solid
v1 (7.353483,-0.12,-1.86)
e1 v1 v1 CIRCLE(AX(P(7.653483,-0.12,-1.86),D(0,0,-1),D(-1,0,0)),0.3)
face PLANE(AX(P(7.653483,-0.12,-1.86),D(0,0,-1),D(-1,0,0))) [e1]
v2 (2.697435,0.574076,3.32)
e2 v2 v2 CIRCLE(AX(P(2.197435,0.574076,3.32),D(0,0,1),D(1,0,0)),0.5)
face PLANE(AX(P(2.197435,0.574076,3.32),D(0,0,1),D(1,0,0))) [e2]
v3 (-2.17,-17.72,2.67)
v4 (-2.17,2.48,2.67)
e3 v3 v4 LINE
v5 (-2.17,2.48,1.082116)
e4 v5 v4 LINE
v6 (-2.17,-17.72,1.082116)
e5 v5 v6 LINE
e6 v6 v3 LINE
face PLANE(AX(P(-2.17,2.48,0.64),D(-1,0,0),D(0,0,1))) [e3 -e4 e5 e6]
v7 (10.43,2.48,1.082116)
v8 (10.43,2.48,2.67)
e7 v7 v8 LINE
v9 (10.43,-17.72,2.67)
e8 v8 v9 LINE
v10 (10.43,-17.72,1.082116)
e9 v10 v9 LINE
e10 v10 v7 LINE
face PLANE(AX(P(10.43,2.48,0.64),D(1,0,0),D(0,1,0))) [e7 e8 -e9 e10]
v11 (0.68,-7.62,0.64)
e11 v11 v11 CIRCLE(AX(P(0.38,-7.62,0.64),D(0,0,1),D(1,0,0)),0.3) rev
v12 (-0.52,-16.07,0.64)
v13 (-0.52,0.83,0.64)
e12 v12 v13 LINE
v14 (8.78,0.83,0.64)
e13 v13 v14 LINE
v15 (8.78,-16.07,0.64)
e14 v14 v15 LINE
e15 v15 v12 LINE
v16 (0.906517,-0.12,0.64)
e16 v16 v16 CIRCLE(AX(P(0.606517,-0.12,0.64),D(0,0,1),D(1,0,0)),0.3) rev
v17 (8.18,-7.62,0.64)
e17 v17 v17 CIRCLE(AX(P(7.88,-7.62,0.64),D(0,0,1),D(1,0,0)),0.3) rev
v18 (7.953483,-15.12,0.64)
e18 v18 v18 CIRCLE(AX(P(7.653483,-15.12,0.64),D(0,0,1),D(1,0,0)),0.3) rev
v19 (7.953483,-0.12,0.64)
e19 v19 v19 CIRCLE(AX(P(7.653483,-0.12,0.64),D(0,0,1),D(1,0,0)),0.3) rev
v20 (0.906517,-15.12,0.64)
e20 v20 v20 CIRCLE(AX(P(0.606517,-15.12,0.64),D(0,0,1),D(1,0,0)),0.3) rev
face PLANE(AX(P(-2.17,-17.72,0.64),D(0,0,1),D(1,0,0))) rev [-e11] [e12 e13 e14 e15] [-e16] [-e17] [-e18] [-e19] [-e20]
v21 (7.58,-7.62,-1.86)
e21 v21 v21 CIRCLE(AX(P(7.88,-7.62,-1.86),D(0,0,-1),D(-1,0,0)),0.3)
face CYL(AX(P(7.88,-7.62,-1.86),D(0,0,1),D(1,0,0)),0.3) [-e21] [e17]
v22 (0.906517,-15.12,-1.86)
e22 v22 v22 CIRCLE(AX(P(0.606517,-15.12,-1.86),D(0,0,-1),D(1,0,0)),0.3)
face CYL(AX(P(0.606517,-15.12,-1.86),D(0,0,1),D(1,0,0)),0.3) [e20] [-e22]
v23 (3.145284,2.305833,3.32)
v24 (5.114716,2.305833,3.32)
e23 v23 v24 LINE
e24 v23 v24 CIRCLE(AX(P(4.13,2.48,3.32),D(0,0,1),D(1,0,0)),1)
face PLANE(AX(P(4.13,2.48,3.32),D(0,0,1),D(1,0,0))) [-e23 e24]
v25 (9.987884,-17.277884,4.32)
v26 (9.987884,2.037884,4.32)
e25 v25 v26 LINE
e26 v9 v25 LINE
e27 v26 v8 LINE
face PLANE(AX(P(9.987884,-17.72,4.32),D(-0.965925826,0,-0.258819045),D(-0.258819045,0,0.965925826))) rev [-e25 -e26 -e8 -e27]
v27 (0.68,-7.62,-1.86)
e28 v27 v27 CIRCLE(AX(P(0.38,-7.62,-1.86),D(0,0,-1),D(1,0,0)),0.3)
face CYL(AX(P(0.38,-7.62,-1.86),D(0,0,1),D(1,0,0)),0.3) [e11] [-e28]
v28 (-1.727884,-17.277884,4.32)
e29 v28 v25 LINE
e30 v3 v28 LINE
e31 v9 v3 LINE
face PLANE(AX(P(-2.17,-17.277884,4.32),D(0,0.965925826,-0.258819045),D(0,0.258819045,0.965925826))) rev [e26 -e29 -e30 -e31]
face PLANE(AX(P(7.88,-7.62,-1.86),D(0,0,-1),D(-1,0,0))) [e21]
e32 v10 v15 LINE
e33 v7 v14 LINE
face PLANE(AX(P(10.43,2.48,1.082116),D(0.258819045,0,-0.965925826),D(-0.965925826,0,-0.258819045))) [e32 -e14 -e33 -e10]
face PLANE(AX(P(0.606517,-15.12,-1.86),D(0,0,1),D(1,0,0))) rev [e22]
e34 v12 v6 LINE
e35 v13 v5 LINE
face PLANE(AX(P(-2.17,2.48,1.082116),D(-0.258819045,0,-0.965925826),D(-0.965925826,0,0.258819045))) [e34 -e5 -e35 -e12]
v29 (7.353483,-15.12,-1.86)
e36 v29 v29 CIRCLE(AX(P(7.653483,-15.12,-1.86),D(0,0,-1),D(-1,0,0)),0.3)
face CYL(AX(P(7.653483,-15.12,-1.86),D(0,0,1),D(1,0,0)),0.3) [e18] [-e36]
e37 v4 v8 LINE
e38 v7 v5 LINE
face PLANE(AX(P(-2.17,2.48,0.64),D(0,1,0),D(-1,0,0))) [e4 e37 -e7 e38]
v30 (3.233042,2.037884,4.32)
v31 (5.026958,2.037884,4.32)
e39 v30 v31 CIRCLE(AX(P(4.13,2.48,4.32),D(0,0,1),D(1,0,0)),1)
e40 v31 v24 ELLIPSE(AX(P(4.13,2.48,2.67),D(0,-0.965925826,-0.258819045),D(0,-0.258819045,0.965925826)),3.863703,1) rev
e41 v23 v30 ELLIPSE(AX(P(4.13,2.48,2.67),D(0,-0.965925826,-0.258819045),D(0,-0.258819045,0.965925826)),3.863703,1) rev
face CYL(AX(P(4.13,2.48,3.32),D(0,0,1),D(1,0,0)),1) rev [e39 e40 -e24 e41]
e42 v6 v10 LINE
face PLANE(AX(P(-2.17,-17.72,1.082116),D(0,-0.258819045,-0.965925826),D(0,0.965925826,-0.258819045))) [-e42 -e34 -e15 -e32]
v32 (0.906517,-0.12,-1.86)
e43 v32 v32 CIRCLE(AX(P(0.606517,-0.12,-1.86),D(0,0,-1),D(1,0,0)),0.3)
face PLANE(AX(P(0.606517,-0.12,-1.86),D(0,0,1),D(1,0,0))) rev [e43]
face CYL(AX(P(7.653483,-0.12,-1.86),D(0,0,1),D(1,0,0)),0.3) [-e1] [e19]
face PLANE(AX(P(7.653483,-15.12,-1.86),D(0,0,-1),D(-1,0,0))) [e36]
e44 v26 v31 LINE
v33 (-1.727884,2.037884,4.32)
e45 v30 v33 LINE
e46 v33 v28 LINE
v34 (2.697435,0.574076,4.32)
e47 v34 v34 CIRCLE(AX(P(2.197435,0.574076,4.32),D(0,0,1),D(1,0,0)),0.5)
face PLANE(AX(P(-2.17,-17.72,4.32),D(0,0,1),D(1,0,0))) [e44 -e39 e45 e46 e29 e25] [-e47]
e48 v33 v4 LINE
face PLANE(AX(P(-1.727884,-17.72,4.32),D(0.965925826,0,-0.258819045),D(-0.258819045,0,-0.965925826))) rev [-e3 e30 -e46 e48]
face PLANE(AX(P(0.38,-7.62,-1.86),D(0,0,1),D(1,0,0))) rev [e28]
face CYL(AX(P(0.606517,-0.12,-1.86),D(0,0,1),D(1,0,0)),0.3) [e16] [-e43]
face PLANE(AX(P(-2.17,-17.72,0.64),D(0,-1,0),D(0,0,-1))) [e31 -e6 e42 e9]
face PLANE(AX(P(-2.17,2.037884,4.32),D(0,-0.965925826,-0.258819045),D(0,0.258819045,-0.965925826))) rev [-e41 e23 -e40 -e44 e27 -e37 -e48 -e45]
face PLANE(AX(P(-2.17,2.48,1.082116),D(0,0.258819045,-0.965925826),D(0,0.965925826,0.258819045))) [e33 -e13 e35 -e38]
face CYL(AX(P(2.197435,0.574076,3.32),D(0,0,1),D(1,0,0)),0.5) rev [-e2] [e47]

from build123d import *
from OCP.BRepFilletAPI import BRepFilletAPI_MakeChamfer

# Parameters (mm, degrees)
SKETCH_2_W          = 12.6
SKETCH_2_H          = 20.2
EXTRUDE_1_DEPTH     = 3.68
CHAMFER_1_SIZE      = 1.65
CHAMFER_1_SIZE2     = 0.442116168
SKETCH_6_R          = 1
SKETCH_6_R_2        = 0.5
CUT_EXTRUDE_1_DEPTH = 1
SKETCH_7_R          = 0.3
EXTRUDE_2_DEPTH     = 2.5


with BuildPart() as part:
    # Эскиз2 → Вытянуть1 (new body)
    with BuildSketch(Plane.XY.offset(4.32)):
        with Locations((4.13, -7.62)):
            Rectangle(SKETCH_2_W, SKETCH_2_H)
    extrude(amount=-EXTRUDE_1_DEPTH)

    # Фаска1: one chamfer whose edges measure the first distance from different faces: ONE call of the kernel's chamfer builder (chamfer() names one face for all edges)
    chamfer_1_edges_1 = [part.edges().sort_by_distance(p)[0] for p in [
        (10.43, -7.62, 0.64),
        (4.13, 2.48, 0.64),
        (-2.17, -7.62, 0.64),
        (4.13, -17.72, 0.64),
    ]]
    chamfer_1_side_1 = [part.faces().sort_by_distance(p)[0] for p in [
        (4.13, -7.62, 0.64),
    ]]
    chamfer_1_edges_2 = [part.edges().sort_by_distance(p)[0] for p in [
        (4.13, 2.48, 4.32),
    ]]
    chamfer_1_side_2 = [part.faces().sort_by_distance(p)[0] for p in [
        (4.13, 2.48, 2.48),
    ]]
    chamfer_1_edges_3 = [part.edges().sort_by_distance(p)[0] for p in [
        (10.43, -7.62, 4.32),
    ]]
    chamfer_1_side_3 = [part.faces().sort_by_distance(p)[0] for p in [
        (10.43, -7.62, 2.48),
    ]]
    chamfer_1_edges_4 = [part.edges().sort_by_distance(p)[0] for p in [
        (4.13, -17.72, 4.32),
    ]]
    chamfer_1_side_4 = [part.faces().sort_by_distance(p)[0] for p in [
        (4.13, -17.72, 2.48),
    ]]
    chamfer_1_edges_5 = [part.edges().sort_by_distance(p)[0] for p in [
        (-2.17, -7.62, 4.32),
    ]]
    chamfer_1_side_5 = [part.faces().sort_by_distance(p)[0] for p in [
        (-2.17, -7.62, 2.48),
    ]]
    chamfer_1 = BRepFilletAPI_MakeChamfer(part.part.solid().wrapped)
    for e in chamfer_1_edges_1:
        chamfer_1.Add(CHAMFER_1_SIZE, CHAMFER_1_SIZE2, e.wrapped, chamfer_1_side_1[0].wrapped)  # the first distance lies on this face
    for e in chamfer_1_edges_2:
        chamfer_1.Add(CHAMFER_1_SIZE, CHAMFER_1_SIZE2, e.wrapped, chamfer_1_side_2[0].wrapped)  # the first distance lies on this face
    for e in chamfer_1_edges_3:
        chamfer_1.Add(CHAMFER_1_SIZE, CHAMFER_1_SIZE2, e.wrapped, chamfer_1_side_3[0].wrapped)  # the first distance lies on this face
    for e in chamfer_1_edges_4:
        chamfer_1.Add(CHAMFER_1_SIZE, CHAMFER_1_SIZE2, e.wrapped, chamfer_1_side_4[0].wrapped)  # the first distance lies on this face
    for e in chamfer_1_edges_5:
        chamfer_1.Add(CHAMFER_1_SIZE, CHAMFER_1_SIZE2, e.wrapped, chamfer_1_side_5[0].wrapped)  # the first distance lies on this face
    add(Compound.cast(chamfer_1.Shape()), mode=Mode.REPLACE)

    # Эскиз6 → Вырез-Вытянуть1 (cut)
    with BuildSketch(Plane.XY.offset(4.32)):
        with Locations((4.13, 2.48)):
            Circle(SKETCH_6_R)
        with Locations((2.197434959, 0.574075773)):
            Circle(SKETCH_6_R_2)
    extrude(amount=-CUT_EXTRUDE_1_DEPTH, mode=Mode.SUBTRACT)

    # Эскиз7 → Вытянуть2 (add)
    with BuildSketch(Plane(origin=(0, 0, 0.64), x_dir=(-1, 0, 0), z_dir=(0, 0, -1))):
        with Locations(Location((-7.88, -7.62, 0), (0, 0, 180))):
            Circle(SKETCH_7_R)
        with Locations(Location((-7.653482529, -0.12, 0), (0, 0, 180))):
            Circle(SKETCH_7_R)
        with Locations(Location((-7.653482529, -15.12, 0), (0, 0, 180))):
            Circle(SKETCH_7_R)
        with Locations(Location((-0.606517471, -15.12, 0), (0, 0, 180))):
            Circle(SKETCH_7_R)
        with Locations(Location((-0.606517471, -0.12, 0), (0, 0, 180))):
            Circle(SKETCH_7_R)
        with Locations(Location((-0.38, -7.62, 0), (0, 0, 180))):
            Circle(SKETCH_7_R)
    extrude(amount=EXTRUDE_2_DEPTH)


solid = part.part
